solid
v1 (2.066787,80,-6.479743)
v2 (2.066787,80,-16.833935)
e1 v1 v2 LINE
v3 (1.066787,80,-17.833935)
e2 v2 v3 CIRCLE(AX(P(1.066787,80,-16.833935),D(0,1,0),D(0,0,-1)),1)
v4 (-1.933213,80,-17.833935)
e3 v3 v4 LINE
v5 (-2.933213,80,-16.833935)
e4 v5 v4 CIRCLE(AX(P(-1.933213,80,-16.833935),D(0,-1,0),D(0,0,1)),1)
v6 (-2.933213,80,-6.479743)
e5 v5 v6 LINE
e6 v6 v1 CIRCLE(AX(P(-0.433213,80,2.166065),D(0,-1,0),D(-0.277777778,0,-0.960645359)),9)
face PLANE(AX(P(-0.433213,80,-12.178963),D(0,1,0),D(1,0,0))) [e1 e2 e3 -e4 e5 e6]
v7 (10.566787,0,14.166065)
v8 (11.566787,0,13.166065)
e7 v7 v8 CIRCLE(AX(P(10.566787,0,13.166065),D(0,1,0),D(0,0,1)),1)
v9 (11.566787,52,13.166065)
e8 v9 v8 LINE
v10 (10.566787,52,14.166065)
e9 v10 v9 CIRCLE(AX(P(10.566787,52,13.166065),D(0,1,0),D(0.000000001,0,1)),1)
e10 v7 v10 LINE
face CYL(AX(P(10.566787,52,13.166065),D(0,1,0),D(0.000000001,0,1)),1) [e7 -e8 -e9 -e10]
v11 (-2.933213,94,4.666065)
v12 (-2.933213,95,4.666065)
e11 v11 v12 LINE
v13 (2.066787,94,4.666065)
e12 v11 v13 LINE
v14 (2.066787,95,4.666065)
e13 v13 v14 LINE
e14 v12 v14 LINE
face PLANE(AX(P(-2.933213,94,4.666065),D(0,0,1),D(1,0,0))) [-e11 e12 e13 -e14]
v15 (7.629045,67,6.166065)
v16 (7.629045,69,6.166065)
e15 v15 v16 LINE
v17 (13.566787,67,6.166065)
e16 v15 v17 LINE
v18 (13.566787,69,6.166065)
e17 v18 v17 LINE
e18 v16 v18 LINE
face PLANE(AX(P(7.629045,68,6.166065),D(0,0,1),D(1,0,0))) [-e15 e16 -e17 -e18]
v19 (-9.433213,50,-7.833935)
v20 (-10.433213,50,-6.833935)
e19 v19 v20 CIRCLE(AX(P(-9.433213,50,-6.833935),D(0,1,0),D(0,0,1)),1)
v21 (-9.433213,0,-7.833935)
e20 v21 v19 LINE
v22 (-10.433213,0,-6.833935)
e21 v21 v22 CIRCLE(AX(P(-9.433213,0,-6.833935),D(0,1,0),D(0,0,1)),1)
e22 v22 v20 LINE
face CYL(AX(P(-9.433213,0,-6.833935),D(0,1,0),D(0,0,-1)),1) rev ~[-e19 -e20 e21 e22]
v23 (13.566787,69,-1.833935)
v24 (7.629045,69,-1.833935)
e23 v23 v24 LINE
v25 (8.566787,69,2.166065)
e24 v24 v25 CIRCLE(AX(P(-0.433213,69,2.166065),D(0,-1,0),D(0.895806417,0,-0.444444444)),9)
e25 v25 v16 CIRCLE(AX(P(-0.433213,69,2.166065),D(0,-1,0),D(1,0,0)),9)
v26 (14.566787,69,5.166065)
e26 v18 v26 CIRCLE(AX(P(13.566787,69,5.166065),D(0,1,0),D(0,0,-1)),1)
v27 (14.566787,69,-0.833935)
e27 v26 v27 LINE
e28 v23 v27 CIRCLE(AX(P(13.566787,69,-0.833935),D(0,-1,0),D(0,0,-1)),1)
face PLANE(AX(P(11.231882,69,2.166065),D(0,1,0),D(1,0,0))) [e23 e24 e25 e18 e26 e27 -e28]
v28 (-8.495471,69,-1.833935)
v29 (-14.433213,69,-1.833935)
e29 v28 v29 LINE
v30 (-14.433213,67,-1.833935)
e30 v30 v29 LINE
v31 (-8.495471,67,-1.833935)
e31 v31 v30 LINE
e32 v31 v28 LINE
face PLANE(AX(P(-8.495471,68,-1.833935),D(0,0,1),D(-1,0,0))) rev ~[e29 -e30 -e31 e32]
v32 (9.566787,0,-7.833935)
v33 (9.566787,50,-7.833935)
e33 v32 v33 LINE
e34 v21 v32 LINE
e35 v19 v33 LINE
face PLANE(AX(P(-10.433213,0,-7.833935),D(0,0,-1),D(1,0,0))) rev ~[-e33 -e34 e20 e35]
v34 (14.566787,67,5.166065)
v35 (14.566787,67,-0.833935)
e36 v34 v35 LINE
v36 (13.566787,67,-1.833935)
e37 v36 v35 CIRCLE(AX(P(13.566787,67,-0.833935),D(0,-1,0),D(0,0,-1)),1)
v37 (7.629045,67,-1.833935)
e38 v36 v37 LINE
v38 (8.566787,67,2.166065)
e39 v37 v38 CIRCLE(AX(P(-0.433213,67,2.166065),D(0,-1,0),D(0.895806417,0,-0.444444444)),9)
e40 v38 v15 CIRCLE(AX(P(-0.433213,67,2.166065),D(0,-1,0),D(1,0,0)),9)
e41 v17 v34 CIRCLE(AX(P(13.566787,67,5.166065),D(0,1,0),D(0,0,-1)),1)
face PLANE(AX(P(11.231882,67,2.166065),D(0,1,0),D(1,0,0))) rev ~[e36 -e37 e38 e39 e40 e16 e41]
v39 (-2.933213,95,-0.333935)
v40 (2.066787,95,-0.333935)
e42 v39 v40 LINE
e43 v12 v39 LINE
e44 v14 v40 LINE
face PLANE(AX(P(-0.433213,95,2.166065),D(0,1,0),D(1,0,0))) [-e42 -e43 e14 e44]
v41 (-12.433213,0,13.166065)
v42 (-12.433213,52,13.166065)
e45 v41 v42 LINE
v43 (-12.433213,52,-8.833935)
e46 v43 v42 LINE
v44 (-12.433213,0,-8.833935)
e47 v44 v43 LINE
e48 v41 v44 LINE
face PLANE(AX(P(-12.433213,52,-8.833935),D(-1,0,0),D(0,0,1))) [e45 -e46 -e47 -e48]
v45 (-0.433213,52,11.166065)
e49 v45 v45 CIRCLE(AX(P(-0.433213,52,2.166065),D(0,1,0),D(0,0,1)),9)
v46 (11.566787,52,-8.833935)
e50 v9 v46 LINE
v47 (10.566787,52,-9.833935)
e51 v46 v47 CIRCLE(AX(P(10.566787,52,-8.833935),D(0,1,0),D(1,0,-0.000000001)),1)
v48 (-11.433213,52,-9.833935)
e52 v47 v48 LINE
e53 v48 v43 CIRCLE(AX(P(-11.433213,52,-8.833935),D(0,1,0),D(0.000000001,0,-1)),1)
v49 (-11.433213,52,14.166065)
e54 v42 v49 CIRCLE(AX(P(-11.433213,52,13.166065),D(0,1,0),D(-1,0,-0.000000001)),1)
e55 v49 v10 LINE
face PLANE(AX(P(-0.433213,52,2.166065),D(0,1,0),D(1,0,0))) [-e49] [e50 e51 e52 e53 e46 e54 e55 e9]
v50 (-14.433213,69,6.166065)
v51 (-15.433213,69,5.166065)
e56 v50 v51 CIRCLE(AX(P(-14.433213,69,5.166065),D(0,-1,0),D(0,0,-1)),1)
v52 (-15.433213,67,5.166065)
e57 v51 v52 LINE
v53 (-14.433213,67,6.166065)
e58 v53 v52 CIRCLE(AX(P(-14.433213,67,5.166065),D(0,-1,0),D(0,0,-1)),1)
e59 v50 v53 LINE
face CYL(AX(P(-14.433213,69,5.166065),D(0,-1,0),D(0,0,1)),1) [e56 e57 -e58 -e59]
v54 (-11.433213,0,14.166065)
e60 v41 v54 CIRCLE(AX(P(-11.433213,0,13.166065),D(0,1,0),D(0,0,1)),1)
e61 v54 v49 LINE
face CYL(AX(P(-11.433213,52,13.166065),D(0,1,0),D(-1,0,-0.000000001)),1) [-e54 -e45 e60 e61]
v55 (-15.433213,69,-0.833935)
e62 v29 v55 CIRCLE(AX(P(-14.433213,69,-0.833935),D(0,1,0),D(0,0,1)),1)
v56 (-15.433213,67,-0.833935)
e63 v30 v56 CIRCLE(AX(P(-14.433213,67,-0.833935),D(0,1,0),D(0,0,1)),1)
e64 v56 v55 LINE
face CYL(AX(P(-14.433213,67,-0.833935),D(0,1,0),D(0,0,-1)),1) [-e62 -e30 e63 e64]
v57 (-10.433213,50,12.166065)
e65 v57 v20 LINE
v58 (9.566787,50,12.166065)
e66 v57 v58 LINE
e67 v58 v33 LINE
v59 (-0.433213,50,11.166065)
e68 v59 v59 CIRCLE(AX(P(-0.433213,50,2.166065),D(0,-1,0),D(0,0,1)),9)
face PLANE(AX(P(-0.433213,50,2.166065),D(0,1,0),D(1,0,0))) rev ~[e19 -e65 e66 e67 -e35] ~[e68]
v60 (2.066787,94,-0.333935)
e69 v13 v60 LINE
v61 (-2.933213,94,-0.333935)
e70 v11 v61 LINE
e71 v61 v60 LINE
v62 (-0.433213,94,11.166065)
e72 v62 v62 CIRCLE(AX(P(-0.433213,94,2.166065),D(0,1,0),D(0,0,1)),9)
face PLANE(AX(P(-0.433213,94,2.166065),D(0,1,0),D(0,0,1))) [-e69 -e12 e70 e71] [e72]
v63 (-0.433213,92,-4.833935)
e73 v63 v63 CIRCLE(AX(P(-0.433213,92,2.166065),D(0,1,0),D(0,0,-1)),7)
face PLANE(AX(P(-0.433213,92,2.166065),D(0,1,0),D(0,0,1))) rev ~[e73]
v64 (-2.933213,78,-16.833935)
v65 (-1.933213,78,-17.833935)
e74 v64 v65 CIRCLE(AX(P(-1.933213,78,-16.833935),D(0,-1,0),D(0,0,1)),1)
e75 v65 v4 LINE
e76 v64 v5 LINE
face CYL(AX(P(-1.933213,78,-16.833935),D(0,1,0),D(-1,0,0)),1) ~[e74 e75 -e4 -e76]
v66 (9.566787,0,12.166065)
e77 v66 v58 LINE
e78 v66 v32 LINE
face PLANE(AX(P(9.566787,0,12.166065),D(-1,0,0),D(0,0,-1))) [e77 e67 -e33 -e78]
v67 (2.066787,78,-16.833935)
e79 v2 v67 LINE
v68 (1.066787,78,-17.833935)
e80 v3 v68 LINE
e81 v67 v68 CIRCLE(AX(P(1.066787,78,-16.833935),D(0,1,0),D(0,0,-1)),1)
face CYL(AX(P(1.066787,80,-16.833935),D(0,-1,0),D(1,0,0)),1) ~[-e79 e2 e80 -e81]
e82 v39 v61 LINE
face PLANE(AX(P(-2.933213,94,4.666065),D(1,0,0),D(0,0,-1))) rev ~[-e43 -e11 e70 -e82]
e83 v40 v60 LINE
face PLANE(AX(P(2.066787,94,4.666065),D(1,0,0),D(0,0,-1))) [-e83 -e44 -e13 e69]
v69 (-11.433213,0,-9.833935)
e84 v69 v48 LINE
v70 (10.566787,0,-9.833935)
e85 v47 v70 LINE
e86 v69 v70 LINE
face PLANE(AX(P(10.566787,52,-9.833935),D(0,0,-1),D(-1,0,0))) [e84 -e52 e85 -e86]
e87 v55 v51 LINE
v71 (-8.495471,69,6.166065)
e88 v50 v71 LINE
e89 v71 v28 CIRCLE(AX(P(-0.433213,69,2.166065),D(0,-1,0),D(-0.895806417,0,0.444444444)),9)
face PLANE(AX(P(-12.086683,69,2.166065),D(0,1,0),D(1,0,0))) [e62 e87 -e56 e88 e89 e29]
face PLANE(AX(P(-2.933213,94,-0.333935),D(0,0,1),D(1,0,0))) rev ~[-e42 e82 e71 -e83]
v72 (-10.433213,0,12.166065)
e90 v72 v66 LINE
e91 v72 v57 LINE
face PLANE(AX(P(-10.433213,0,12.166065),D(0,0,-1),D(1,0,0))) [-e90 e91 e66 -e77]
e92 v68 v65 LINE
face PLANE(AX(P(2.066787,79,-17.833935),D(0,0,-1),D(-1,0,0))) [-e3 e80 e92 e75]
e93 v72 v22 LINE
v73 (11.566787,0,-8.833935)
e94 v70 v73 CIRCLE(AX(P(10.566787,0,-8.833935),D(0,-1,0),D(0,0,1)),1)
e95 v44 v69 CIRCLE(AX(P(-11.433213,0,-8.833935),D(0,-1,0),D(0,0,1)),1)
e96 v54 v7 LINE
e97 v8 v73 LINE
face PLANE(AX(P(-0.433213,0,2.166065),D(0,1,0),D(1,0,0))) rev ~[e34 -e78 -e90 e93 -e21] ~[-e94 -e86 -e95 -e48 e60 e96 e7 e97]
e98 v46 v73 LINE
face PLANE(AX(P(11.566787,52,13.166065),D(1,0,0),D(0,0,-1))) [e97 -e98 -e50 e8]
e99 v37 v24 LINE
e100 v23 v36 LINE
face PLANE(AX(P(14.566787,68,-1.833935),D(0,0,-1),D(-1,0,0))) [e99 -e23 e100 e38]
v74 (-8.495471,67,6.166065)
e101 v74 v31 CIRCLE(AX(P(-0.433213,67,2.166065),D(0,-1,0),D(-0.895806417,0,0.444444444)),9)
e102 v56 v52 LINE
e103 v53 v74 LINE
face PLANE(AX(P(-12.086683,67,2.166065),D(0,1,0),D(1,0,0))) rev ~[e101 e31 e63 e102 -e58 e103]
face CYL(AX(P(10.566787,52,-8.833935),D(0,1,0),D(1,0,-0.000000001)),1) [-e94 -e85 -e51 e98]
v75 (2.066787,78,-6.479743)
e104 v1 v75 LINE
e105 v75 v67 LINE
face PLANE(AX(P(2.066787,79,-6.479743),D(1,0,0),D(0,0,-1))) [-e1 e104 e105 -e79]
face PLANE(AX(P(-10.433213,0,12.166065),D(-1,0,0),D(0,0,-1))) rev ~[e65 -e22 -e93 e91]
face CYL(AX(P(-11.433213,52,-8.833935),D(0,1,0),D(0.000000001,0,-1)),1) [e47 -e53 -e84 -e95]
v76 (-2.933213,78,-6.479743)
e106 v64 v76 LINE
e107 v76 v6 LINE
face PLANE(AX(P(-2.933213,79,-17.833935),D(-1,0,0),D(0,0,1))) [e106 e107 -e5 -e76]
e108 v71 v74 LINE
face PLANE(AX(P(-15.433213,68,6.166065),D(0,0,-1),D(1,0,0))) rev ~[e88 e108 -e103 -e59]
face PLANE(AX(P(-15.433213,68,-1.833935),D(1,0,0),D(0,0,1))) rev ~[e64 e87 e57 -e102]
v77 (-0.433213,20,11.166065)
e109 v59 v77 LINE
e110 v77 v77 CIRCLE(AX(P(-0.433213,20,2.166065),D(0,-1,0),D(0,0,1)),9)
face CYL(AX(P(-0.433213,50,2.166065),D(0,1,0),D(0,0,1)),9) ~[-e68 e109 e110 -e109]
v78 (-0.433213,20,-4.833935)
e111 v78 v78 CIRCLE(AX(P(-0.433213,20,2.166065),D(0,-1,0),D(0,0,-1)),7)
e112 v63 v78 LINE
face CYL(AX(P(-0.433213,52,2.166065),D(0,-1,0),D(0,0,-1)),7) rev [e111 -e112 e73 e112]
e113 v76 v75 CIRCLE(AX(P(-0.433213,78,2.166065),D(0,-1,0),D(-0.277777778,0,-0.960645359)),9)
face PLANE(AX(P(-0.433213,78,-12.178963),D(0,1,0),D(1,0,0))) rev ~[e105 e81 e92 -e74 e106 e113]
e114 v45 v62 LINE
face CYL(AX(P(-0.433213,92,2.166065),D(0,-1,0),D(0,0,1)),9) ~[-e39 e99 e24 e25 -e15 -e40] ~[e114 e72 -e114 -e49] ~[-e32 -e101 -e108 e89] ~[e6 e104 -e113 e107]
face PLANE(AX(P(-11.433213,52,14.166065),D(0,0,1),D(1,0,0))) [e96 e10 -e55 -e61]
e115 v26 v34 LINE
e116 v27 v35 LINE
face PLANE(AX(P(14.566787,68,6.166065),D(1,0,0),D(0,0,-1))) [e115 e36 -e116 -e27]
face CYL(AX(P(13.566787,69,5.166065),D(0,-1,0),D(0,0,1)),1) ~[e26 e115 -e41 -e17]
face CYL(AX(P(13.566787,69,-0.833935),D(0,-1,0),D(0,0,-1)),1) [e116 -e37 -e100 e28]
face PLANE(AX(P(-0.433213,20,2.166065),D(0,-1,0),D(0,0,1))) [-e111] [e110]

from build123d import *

# Parameters (mm, degrees)
SKETCH1_W            = 24
SKETCH1_H            = 24
SKETCH1_W_2          = 20
SKETCH1_H_2          = 20
BOSS_EXTRUDE1_DEPTH  = 50
FILLET1_R            = 1
FILLET2_R            = 1
BOSS_EXTRUDE7_START  = 2
BOSS_EXTRUDE7_DEPTH  = 2
SKETCH9_R            = 9
BOSS_EXTRUDE9_DEPTH  = 30
SKETCH10_R           = 7
CUT_EXTRUDE1_DEPTH   = 34
SKETCH11_R           = 9
SKETCH11_R_2         = 7
BOSS_EXTRUDE10_DEPTH = 40
BOSS_EXTRUDE12_DEPTH = 1
FILLET3_R            = 1
SKETCH15_R           = 9
BOSS_EXTRUDE13_DEPTH = 2
BOSS_EXTRUDE15_DEPTH = 1
FILLET5_R            = 1
SKETCH18_W           = 5
SKETCH18_H           = 5
BOSS_EXTRUDE16_DEPTH = 1


with BuildPart() as part:
    # Sketch1 → Boss-Extrude1 (new body)
    with BuildSketch(Plane(origin=(0, 0, 0), x_dir=(1, 0, 0), z_dir=(0, 1, 0))):
        with Locations((-0.433212996, -2.166064982)):
            Rectangle(SKETCH1_W, SKETCH1_H)
        with Locations((-0.433212996, -2.166064982)):
            Rectangle(SKETCH1_W_2, SKETCH1_H_2, mode=Mode.SUBTRACT)
    extrude(amount=BOSS_EXTRUDE1_DEPTH)

    # Fillet1
    fillet1_edges = [part.edges().sort_by_distance(p)[0] for p in [
        (-10.433212996, 25, -7.833935018),
        (11.566787004, 25, -9.833935018),
        (11.566787004, 25, 14.166064982),
        (-12.433212996, 25, 14.166064982),
    ]]
    fillet(fillet1_edges, radius=FILLET1_R)

    # Fillet2
    fillet2_edges = [part.edges().sort_by_distance(p)[0] for p in [
        (-12.433212996, 25, -9.833935018),
    ]]
    fillet(fillet2_edges, radius=FILLET2_R)

    # Sketch8 → Boss-Extrude7 (add)
    with BuildSketch(Plane(origin=(0, 50, 0), x_dir=(1, 0, 0), z_dir=(0, 1, 0)).offset(BOSS_EXTRUDE7_START)):
        with BuildLine():
            Line((10.566787004, 9.833935018), (-11.433212996, 9.833935018))
            ThreePointArc((-11.433212996, 9.833935018), (-12.140319778, 9.541041799), (-12.433212996, 8.833935018))
            Line((-12.433212996, 8.833935018), (-12.433212996, -13.166064982))
            ThreePointArc((-12.433212996, -13.166064982), (-12.140319778, -13.873171763), (-11.433212996, -14.166064982))
            Line((-11.433212996, -14.166064982), (10.566787004, -14.166064982))
            ThreePointArc((10.566787004, -14.166064982), (11.273893785, -13.873171763), (11.566787004, -13.166064982))
            Line((11.566787004, -13.166064982), (11.566787004, 8.833935018))
            ThreePointArc((11.566787004, 8.833935018), (11.273893785, 9.541041799), (10.566787004, 9.833935018))
        make_face()
    extrude(amount=-BOSS_EXTRUDE7_DEPTH)

    # Sketch9 → Boss-Extrude9 (add)
    with BuildSketch(Plane.XZ.offset(-50)):
        with Locations(Location((-0.433212996, 2.166064982, 0), (0, 0, 90))):
            Circle(SKETCH9_R)
    extrude(amount=BOSS_EXTRUDE9_DEPTH)

    # Sketch10 → Cut-Extrude1 (cut)
    with BuildSketch(Plane.XZ.offset(-20)):
        with Locations(Location((-0.433212996, 2.166064982, 0), (0, 0, 270))):
            Circle(SKETCH10_R)
    extrude(amount=-CUT_EXTRUDE1_DEPTH, mode=Mode.SUBTRACT)

    # Sketch11 → Boss-Extrude10 (add)
    with BuildSketch(Plane(origin=(0, 52, 0), x_dir=(1, 0, 0), z_dir=(0, 1, 0))):
        with Locations(Location((-0.433212996, -2.166064982, 0), (0, 0, 270))):
            Circle(SKETCH11_R)
        with Locations(Location((-0.433212996, -2.166064982, 0), (0, 0, 90))):
            Circle(SKETCH11_R_2, mode=Mode.SUBTRACT)
    extrude(amount=BOSS_EXTRUDE10_DEPTH)

    # Sketch14 → Boss-Extrude12 (add, symmetric)
    with BuildSketch(Plane(origin=(0, 68, 0), x_dir=(1, 0, 0), z_dir=(0, 1, 0))):
        with BuildLine():
            ThreePointArc((-8.495470745, -6.166064982), (-9.433212996, -2.166064982), (-8.495470745, 1.833935018))
            Line((-8.495470745, 1.833935018), (-15.433212996, 1.833935018))
            Line((-15.433212996, 1.833935018), (-15.433212996, -6.166064982))
            Line((-15.433212996, -6.166064982), (-8.495470745, -6.166064982))
        make_face()
        with BuildLine():
            Line((14.566787004, 1.833935018), (7.629044752, 1.833935018))
            ThreePointArc((7.629044752, 1.833935018), (8.329215883, -0.111840035), (8.566787004, -2.166064982))
            ThreePointArc((8.566787004, -2.166064982), (8.329215883, -4.220289929), (7.629044752, -6.166064982))
            Line((7.629044752, -6.166064982), (14.566787004, -6.166064982))
            Line((14.566787004, -6.166064982), (14.566787004, 1.833935018))
        make_face()
    extrude(amount=BOSS_EXTRUDE12_DEPTH, both=True)

    # Fillet3
    fillet3_edges = [part.edges().sort_by_distance(p)[0] for p in [
        (-15.433212996, 68, -1.833935018),
        (-15.433212996, 68, 6.166064982),
        (14.566787004, 68, 6.166064982),
        (14.566787004, 68, -1.833935018),
    ]]
    fillet(fillet3_edges, radius=FILLET3_R)

    # Sketch15 → Boss-Extrude13 (add)
    with BuildSketch(Plane(origin=(0, 92, 0), x_dir=(1, 0, 0), z_dir=(0, 1, 0))):
        with Locations(Location((-0.433212996, -2.166064982, 0), (0, 0, 270))):
            Circle(SKETCH15_R)
    extrude(amount=BOSS_EXTRUDE13_DEPTH)

    # Sketch17 → Boss-Extrude15 (add, symmetric)
    with BuildSketch(Plane(origin=(0, 79, 0), x_dir=(1, 0, 0), z_dir=(0, 1, 0))):
        with BuildLine():
            Line((2.066787004, 17.833935018), (-2.933212996, 17.833935018))
            Line((-2.933212996, 17.833935018), (-2.933212996, 6.479743251))
            ThreePointArc((-2.933212996, 6.479743251), (-0.433212996, 6.833935018), (2.066787004, 6.479743251))
            Line((2.066787004, 6.479743251), (2.066787004, 17.833935018))
        make_face()
    extrude(amount=BOSS_EXTRUDE15_DEPTH, both=True)

    # Fillet5
    fillet5_edges = [part.edges().sort_by_distance(p)[0] for p in [
        (2.066787004, 79, -17.833935018),
        (-2.933212996, 79, -17.833935018),
    ]]
    fillet(fillet5_edges, radius=FILLET5_R)

    # Sketch18 → Boss-Extrude16 (add, symmetric)
    with BuildSketch(Plane(origin=(0, 94, 0), x_dir=(1, 0, 0), z_dir=(0, 1, 0))):
        with Locations((-0.433212996, -2.166064982)):
            Rectangle(SKETCH18_W, SKETCH18_H)
    extrude(amount=BOSS_EXTRUDE16_DEPTH, both=True)


solid = part.part
